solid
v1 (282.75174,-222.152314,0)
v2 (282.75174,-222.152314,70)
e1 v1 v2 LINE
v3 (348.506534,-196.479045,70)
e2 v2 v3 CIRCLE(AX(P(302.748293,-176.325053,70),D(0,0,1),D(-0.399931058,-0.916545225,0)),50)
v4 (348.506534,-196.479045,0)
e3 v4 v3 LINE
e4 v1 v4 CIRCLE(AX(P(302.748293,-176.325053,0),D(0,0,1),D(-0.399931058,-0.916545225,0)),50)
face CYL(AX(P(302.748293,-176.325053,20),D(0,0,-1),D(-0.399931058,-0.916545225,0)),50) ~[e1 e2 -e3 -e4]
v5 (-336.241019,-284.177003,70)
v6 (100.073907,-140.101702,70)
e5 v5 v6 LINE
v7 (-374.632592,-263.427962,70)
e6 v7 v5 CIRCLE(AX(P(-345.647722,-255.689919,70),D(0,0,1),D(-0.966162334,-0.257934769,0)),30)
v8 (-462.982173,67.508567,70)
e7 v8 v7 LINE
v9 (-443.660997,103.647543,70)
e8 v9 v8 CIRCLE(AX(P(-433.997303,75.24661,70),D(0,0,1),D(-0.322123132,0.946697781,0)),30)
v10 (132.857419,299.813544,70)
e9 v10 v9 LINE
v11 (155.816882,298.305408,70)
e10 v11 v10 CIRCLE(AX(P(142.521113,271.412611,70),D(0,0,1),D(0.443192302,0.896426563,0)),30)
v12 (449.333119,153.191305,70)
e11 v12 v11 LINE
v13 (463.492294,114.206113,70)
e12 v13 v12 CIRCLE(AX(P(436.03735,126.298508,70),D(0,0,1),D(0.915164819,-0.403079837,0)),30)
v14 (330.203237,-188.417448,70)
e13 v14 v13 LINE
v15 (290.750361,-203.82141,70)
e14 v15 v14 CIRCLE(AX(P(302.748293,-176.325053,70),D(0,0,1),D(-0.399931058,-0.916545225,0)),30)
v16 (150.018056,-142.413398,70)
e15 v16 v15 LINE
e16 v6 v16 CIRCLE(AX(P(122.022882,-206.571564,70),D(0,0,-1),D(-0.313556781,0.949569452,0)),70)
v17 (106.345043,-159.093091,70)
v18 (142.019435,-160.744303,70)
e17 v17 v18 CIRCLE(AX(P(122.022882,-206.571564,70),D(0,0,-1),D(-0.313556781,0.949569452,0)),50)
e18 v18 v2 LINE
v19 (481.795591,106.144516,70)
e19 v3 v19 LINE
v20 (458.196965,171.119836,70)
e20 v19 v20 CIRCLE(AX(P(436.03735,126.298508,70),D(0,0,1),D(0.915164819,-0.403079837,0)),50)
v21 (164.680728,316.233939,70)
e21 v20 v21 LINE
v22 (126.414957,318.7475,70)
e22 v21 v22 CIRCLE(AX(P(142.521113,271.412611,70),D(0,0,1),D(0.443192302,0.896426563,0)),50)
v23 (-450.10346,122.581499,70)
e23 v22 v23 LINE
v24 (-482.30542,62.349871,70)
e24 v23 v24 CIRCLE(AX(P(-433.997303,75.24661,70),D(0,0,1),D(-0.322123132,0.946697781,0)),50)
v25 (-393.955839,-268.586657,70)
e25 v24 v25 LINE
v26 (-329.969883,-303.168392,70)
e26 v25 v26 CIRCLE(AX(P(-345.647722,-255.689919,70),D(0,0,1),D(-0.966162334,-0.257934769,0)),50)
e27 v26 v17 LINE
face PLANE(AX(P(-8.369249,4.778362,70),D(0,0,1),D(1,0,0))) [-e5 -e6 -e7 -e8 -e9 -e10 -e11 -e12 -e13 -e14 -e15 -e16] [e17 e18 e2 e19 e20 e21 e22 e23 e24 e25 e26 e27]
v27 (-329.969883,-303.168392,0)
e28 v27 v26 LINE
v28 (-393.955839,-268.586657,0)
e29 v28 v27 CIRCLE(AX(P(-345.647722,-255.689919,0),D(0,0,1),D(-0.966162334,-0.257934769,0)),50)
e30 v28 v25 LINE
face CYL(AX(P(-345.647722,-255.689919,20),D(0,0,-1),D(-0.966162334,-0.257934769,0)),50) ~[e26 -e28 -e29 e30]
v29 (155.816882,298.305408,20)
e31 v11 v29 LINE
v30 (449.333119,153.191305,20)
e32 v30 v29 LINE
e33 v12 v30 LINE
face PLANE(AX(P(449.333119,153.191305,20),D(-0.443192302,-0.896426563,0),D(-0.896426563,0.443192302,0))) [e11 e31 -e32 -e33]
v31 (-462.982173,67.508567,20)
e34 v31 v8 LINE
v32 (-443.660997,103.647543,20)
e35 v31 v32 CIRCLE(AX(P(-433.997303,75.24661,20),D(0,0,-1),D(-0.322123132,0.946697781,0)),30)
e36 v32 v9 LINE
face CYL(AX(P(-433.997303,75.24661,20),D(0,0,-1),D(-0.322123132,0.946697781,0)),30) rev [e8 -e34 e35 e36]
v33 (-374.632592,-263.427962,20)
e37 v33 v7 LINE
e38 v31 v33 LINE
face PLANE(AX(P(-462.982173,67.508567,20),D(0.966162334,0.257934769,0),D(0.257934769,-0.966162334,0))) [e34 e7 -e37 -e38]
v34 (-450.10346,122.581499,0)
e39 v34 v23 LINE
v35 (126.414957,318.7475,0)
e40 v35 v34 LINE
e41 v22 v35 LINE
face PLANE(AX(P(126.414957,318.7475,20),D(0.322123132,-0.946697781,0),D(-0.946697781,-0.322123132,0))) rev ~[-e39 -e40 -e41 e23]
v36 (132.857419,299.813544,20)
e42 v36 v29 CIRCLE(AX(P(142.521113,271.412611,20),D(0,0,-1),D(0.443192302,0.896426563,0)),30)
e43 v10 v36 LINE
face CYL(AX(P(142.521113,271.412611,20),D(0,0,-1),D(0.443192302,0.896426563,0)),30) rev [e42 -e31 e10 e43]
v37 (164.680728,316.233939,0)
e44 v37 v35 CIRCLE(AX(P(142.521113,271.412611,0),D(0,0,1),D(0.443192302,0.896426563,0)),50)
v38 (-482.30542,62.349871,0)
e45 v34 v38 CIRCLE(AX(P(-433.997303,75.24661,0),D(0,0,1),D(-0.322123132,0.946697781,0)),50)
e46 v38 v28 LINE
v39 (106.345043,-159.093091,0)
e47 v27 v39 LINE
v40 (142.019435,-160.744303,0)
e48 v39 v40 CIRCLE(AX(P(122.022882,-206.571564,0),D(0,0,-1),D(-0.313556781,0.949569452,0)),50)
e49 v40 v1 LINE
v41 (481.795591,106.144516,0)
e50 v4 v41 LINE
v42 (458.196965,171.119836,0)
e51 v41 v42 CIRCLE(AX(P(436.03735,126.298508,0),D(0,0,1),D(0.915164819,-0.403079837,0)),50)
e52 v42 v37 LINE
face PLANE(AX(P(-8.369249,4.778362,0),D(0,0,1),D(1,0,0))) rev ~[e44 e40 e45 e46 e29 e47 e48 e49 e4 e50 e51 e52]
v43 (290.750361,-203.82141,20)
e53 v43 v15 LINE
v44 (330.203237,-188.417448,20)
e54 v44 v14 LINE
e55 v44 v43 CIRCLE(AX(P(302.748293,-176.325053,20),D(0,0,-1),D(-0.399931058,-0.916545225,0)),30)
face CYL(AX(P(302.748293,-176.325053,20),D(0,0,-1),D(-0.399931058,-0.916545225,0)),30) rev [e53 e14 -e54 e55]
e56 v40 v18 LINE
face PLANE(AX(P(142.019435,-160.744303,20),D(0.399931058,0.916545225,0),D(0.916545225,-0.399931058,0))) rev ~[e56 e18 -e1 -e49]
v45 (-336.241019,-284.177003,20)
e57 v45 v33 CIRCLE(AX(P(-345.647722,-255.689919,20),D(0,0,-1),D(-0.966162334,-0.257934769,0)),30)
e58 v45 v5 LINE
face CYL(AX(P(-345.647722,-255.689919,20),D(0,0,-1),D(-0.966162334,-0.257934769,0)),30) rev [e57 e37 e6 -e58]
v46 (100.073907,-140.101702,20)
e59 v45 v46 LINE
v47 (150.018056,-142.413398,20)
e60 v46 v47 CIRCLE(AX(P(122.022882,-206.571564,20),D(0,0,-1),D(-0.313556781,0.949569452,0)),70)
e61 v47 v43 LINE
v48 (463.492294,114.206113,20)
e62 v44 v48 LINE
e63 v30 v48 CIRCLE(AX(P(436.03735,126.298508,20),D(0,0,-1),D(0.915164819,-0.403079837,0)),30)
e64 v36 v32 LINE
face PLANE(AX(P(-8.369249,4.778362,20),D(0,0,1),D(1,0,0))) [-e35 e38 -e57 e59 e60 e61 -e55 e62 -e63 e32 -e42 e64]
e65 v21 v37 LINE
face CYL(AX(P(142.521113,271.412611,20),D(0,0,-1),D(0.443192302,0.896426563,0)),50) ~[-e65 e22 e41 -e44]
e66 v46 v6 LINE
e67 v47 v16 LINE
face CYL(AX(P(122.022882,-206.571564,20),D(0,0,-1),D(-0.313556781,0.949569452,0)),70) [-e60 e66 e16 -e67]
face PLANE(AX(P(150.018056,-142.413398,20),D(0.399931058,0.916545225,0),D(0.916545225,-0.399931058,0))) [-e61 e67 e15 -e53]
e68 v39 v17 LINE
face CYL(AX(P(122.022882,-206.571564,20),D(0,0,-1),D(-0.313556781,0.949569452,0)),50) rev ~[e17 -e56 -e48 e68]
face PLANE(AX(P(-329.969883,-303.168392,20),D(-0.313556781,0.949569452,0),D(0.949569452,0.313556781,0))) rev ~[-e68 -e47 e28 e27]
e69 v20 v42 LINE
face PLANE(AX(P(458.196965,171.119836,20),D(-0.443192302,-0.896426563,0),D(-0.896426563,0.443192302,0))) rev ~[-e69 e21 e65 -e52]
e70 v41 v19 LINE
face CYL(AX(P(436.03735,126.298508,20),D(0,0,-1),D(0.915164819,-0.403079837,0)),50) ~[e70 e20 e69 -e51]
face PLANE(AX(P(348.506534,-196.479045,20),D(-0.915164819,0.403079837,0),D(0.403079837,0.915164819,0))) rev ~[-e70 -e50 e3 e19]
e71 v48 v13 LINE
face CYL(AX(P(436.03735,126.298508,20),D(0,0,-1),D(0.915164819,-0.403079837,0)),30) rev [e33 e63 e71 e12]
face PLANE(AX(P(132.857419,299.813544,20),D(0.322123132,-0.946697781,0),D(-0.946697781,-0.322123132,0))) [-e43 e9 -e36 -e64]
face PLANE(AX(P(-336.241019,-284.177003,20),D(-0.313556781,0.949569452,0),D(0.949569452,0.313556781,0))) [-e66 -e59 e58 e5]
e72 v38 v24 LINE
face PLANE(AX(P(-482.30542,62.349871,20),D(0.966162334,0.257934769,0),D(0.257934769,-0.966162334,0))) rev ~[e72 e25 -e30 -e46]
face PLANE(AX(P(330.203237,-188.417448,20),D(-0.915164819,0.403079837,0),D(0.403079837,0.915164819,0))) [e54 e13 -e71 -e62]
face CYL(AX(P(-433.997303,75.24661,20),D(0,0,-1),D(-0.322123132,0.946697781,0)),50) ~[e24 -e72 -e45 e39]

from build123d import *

# Parameters (mm, degrees)
F1_DEPTH = 20
F2_DEPTH = 50
F3_T     = -20


with BuildPart() as f1:
    # F0 (on Top) → F1 (new body)
    with BuildSketch(Plane.XY):
        with BuildLine():
            Line((126.4149565512, 318.7475000366), (-450.1034598535, 122.5814987763))
            ThreePointArc((-450.1034598535, 122.5814987763), (-478.0910883888, 98.8207080739), (-482.3054199281, 62.3498712928))
            Line((-482.3054199281, 62.3498712928), (-393.9558391633, -268.5866574495))
            ThreePointArc((-393.9558391633, -268.5866574495), (-369.4207710673, -299.6767597656), (-329.9698834283, -303.1683916176))
            Line((-329.9698834283, -303.1683916176), (106.3450430495, -159.0930914556))
            ThreePointArc((106.3450430495, -159.0930914556), (124.3346881302, -156.625037143), (142.0194350117, -160.7443028487))
            Line((142.0194350117, -160.7443028487), (282.7517397768, -222.1523142062))
            ThreePointArc((282.7517397768, -222.1523142062), (320.9333231451, -222.9008478399), (348.5065336168, -196.4790448091))
            Line((348.5065336168, -196.4790448091), (481.7955905074, 106.1445162961))
            ThreePointArc((481.7955905074, 106.1445162961), (483.0336988414, 143.3672853444), (458.1969646809, 171.1198362923))
            Line((458.1969646809, 171.1198362923), (164.6807282631, 316.2339391714))
            ThreePointArc((164.6807282631, 316.2339391714), (145.7983966372, 321.3050895289), (126.4149565512, 318.7475000366))
        make_face()
    extrude(amount=F1_DEPTH)

    # F2 (add): a face of the model
    f2_faces = [f1.faces().sort_by_distance(p)[0] for p in [
        (-7.672903893, 13.4350398808, 20),
    ]]
    extrude(f2_faces, amount=F2_DEPTH)

    # F3
    f3_openings = [f1.faces().sort_by_distance(p)[0] for p in [
        (-7.672904, 13.43504, 70),
    ]]
    offset(amount=F3_T, openings=f3_openings)


solid = f1.part
